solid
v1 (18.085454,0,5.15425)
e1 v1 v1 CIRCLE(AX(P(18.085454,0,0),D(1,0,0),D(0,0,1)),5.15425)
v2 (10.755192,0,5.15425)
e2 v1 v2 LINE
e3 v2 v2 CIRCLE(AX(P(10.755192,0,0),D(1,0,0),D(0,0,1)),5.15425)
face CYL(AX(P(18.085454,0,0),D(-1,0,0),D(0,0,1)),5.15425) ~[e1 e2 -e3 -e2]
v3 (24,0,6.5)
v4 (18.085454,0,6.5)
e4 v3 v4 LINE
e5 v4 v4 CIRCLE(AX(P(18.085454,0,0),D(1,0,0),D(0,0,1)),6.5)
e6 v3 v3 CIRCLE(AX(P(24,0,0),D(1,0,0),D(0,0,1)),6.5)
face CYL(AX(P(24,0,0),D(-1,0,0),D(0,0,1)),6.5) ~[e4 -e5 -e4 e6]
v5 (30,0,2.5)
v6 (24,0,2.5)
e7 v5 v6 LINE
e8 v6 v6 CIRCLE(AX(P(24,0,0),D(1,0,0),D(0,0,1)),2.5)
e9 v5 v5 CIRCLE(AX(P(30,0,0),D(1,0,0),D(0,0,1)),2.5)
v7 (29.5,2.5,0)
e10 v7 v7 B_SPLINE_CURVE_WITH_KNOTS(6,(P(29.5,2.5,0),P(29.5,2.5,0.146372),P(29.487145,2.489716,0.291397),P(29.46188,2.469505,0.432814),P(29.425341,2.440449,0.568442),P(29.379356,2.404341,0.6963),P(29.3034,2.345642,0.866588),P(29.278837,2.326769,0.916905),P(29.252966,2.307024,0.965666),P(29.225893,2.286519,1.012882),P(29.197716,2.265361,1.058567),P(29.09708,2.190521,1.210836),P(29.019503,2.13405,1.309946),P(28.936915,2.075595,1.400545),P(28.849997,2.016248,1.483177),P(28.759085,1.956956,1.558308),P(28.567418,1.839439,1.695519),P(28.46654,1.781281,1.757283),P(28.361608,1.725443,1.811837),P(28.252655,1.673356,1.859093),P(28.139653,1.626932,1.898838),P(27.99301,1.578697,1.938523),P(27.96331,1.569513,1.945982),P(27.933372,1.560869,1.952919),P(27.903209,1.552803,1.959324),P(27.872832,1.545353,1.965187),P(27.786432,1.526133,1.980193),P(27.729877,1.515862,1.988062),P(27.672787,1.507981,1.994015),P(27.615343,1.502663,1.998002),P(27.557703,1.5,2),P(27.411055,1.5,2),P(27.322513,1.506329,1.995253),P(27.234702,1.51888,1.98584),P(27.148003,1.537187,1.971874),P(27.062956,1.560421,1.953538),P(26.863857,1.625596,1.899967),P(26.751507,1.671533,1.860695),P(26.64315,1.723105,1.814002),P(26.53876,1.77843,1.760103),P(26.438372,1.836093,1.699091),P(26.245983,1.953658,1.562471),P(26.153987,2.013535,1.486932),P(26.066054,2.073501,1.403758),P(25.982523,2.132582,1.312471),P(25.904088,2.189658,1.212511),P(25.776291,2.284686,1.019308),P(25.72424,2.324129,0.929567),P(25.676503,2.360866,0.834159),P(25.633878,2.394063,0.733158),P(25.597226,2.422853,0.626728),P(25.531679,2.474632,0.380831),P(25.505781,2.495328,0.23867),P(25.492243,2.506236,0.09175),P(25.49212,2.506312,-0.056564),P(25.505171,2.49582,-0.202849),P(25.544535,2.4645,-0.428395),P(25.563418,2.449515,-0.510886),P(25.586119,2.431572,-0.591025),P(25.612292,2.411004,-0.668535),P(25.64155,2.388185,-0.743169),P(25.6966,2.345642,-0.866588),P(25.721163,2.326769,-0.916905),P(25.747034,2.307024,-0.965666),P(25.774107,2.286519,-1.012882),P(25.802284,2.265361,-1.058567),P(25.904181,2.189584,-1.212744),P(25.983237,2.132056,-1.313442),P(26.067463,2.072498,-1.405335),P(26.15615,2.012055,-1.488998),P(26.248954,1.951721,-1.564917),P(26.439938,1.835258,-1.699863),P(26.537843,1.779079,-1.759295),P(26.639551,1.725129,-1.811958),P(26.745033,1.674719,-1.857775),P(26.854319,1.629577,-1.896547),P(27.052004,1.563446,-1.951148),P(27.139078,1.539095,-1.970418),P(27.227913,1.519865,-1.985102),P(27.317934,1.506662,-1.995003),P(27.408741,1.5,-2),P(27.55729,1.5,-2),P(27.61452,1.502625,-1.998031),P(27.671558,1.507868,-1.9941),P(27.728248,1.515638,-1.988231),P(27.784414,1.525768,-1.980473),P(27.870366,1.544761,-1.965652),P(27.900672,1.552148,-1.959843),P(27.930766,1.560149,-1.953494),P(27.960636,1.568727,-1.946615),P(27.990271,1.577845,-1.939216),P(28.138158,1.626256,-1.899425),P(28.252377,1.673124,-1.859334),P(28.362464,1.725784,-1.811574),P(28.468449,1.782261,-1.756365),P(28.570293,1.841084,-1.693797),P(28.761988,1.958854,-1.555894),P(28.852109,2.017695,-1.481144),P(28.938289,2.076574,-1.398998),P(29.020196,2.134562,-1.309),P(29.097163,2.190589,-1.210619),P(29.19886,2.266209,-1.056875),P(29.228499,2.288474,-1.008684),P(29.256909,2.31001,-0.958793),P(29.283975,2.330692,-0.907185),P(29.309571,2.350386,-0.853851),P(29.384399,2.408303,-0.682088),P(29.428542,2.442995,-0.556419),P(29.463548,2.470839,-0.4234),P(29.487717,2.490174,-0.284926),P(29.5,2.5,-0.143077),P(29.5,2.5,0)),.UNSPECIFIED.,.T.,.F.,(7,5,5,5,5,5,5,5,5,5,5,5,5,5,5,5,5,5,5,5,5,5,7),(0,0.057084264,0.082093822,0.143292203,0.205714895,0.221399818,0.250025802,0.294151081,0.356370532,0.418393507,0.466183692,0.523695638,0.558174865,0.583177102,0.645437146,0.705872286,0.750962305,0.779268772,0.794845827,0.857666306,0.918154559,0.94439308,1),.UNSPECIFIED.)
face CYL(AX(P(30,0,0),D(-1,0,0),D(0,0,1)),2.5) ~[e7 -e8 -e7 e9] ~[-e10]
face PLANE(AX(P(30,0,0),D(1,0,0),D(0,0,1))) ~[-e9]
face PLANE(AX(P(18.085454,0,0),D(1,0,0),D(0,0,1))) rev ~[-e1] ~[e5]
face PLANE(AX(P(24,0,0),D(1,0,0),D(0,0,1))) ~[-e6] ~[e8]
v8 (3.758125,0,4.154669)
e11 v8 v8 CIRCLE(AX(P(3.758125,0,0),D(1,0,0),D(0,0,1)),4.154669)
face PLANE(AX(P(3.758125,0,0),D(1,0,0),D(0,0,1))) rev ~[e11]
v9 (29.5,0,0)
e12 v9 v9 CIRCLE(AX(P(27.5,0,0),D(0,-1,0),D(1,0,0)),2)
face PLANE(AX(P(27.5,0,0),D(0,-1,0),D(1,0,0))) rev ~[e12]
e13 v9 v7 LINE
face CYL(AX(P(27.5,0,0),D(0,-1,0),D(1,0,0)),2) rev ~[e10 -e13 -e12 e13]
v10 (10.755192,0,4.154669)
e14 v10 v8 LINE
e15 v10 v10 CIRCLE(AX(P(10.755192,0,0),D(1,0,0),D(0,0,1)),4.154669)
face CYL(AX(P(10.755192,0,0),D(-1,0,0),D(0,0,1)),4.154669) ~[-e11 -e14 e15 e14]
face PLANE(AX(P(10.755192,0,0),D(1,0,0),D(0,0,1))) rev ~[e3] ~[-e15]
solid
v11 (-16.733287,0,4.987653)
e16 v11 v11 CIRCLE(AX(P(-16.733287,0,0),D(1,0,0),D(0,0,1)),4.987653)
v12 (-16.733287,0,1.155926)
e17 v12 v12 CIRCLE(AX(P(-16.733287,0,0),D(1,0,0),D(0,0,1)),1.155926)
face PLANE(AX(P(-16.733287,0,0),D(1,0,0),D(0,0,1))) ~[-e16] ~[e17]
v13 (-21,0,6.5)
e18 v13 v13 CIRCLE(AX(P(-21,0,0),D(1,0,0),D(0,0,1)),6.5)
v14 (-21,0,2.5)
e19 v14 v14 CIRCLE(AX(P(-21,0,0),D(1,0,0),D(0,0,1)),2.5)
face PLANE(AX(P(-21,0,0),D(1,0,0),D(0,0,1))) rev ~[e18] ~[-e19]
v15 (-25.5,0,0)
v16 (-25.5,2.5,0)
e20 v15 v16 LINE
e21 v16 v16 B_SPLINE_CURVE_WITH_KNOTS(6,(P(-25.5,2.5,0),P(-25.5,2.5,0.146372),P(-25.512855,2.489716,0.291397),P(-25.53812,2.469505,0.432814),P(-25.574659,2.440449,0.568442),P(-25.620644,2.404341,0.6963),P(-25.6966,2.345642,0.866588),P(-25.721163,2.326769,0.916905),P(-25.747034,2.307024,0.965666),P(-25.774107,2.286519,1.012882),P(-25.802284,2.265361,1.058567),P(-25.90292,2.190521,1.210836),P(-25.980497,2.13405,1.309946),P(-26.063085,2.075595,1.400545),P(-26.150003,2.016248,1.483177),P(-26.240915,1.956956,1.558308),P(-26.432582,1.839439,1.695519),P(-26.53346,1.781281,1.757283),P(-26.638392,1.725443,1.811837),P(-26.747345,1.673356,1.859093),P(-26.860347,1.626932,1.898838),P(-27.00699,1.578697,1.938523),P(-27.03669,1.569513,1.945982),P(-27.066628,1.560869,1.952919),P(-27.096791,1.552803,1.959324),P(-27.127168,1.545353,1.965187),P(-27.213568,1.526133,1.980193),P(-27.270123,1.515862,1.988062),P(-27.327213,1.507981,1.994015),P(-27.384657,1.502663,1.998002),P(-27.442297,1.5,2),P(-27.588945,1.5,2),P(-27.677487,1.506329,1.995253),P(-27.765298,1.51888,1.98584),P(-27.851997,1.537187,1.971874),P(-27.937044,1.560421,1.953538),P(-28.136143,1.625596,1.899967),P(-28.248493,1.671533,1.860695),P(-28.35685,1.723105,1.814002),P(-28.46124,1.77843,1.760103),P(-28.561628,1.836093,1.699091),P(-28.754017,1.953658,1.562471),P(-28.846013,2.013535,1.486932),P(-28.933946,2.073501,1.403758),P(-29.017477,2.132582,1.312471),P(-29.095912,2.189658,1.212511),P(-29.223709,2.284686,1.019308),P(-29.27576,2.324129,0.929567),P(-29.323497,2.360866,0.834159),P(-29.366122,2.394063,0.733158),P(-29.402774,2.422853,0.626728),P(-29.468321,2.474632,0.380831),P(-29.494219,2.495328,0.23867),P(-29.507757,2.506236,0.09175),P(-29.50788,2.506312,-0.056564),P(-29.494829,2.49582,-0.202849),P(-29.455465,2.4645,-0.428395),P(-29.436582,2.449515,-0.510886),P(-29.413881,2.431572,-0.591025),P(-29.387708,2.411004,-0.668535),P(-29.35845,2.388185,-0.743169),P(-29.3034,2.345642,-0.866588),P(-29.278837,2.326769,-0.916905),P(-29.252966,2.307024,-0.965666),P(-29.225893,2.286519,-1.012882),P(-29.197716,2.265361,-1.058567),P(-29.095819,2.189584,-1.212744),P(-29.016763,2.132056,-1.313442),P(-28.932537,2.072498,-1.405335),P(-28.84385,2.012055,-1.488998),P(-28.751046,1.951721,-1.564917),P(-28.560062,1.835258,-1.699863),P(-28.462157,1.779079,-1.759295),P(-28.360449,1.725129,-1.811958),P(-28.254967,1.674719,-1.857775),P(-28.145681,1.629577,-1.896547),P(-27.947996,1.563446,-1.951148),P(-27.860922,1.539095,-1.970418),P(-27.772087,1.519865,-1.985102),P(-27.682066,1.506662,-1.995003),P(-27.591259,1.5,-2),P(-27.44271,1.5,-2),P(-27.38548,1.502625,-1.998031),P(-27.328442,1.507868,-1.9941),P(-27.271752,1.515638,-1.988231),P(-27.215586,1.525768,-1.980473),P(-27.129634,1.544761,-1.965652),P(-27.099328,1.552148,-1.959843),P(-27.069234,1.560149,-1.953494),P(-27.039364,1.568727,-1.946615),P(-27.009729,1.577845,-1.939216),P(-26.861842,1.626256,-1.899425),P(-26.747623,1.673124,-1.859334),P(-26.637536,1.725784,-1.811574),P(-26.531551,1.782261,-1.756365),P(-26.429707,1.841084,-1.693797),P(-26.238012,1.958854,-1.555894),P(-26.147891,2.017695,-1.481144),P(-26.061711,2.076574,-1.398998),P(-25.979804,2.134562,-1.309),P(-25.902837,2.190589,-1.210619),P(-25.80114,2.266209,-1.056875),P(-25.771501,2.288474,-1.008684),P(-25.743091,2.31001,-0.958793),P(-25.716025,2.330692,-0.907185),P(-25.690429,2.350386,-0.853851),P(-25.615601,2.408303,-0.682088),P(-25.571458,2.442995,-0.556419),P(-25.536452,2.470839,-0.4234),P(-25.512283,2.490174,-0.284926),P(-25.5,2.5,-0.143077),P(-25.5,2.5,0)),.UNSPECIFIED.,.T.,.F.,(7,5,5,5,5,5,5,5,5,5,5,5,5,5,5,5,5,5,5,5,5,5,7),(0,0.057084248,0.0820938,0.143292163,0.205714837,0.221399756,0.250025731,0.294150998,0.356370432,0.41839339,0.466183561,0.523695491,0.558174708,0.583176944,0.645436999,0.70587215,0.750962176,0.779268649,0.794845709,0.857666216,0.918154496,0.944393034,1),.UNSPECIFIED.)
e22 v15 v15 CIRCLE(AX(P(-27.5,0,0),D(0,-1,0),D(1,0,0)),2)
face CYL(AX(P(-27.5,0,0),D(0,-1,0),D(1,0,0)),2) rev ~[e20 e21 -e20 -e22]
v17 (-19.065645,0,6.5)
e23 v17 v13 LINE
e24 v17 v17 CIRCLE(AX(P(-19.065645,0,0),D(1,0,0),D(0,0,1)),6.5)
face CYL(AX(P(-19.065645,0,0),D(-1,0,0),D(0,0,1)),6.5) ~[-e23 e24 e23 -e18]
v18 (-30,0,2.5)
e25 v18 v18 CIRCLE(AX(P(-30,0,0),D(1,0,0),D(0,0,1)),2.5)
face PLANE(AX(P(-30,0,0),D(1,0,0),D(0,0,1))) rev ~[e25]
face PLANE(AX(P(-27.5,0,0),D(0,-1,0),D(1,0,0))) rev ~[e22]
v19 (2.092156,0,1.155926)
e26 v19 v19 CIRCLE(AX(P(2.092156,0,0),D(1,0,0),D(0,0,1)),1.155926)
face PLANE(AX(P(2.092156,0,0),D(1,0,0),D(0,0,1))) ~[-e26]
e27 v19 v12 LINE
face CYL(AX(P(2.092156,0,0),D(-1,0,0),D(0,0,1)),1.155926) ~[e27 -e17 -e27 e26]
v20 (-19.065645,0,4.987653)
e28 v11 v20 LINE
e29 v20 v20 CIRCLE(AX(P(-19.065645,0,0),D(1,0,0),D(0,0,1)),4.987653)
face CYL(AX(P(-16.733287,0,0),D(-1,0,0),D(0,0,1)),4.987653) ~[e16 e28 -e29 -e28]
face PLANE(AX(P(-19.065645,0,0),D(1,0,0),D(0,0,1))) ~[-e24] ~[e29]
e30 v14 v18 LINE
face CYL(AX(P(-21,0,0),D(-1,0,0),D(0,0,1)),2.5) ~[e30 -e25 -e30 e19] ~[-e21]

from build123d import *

# Parameters (mm, degrees)
F2_R     = 2
F3_DEPTH = 6.501


with BuildPart() as f1:
    # F0 (on Front) → F1 (revolve)
    with BuildSketch(Plane.XZ):
        Polygon((-30, 2.5), (-30, 0), (2.092156, 0), (2.092156, 1.155926), (-16.733287, 1.155926), (-16.733287, 4.987653), (-19.065645, 4.987653), (-19.065645, 6.5), (-21, 6.5), (-21, 2.5), align=None)
        Polygon((30, 0), (30, 2.5), (24, 2.5), (24, 6.5), (18.085454, 6.5), (18.085454, 5.15425), (10.755192, 5.15425), (10.755192, 4.154669), (3.758125, 4.154669), (3.758125, 0), align=None)
    revolve(axis=Axis((-13.953922, 0, 0), (1, 0, 0)))

    # F2 (on Front) → F3 (cut, through all)
    with BuildSketch(Plane.XZ):
        with Locations((27.5, 0)):
            Circle(F2_R)
        with Locations((-27.5, 0)):
            Circle(F2_R)
    extrude(amount=-F3_DEPTH, mode=Mode.SUBTRACT)


solid = f1.part
